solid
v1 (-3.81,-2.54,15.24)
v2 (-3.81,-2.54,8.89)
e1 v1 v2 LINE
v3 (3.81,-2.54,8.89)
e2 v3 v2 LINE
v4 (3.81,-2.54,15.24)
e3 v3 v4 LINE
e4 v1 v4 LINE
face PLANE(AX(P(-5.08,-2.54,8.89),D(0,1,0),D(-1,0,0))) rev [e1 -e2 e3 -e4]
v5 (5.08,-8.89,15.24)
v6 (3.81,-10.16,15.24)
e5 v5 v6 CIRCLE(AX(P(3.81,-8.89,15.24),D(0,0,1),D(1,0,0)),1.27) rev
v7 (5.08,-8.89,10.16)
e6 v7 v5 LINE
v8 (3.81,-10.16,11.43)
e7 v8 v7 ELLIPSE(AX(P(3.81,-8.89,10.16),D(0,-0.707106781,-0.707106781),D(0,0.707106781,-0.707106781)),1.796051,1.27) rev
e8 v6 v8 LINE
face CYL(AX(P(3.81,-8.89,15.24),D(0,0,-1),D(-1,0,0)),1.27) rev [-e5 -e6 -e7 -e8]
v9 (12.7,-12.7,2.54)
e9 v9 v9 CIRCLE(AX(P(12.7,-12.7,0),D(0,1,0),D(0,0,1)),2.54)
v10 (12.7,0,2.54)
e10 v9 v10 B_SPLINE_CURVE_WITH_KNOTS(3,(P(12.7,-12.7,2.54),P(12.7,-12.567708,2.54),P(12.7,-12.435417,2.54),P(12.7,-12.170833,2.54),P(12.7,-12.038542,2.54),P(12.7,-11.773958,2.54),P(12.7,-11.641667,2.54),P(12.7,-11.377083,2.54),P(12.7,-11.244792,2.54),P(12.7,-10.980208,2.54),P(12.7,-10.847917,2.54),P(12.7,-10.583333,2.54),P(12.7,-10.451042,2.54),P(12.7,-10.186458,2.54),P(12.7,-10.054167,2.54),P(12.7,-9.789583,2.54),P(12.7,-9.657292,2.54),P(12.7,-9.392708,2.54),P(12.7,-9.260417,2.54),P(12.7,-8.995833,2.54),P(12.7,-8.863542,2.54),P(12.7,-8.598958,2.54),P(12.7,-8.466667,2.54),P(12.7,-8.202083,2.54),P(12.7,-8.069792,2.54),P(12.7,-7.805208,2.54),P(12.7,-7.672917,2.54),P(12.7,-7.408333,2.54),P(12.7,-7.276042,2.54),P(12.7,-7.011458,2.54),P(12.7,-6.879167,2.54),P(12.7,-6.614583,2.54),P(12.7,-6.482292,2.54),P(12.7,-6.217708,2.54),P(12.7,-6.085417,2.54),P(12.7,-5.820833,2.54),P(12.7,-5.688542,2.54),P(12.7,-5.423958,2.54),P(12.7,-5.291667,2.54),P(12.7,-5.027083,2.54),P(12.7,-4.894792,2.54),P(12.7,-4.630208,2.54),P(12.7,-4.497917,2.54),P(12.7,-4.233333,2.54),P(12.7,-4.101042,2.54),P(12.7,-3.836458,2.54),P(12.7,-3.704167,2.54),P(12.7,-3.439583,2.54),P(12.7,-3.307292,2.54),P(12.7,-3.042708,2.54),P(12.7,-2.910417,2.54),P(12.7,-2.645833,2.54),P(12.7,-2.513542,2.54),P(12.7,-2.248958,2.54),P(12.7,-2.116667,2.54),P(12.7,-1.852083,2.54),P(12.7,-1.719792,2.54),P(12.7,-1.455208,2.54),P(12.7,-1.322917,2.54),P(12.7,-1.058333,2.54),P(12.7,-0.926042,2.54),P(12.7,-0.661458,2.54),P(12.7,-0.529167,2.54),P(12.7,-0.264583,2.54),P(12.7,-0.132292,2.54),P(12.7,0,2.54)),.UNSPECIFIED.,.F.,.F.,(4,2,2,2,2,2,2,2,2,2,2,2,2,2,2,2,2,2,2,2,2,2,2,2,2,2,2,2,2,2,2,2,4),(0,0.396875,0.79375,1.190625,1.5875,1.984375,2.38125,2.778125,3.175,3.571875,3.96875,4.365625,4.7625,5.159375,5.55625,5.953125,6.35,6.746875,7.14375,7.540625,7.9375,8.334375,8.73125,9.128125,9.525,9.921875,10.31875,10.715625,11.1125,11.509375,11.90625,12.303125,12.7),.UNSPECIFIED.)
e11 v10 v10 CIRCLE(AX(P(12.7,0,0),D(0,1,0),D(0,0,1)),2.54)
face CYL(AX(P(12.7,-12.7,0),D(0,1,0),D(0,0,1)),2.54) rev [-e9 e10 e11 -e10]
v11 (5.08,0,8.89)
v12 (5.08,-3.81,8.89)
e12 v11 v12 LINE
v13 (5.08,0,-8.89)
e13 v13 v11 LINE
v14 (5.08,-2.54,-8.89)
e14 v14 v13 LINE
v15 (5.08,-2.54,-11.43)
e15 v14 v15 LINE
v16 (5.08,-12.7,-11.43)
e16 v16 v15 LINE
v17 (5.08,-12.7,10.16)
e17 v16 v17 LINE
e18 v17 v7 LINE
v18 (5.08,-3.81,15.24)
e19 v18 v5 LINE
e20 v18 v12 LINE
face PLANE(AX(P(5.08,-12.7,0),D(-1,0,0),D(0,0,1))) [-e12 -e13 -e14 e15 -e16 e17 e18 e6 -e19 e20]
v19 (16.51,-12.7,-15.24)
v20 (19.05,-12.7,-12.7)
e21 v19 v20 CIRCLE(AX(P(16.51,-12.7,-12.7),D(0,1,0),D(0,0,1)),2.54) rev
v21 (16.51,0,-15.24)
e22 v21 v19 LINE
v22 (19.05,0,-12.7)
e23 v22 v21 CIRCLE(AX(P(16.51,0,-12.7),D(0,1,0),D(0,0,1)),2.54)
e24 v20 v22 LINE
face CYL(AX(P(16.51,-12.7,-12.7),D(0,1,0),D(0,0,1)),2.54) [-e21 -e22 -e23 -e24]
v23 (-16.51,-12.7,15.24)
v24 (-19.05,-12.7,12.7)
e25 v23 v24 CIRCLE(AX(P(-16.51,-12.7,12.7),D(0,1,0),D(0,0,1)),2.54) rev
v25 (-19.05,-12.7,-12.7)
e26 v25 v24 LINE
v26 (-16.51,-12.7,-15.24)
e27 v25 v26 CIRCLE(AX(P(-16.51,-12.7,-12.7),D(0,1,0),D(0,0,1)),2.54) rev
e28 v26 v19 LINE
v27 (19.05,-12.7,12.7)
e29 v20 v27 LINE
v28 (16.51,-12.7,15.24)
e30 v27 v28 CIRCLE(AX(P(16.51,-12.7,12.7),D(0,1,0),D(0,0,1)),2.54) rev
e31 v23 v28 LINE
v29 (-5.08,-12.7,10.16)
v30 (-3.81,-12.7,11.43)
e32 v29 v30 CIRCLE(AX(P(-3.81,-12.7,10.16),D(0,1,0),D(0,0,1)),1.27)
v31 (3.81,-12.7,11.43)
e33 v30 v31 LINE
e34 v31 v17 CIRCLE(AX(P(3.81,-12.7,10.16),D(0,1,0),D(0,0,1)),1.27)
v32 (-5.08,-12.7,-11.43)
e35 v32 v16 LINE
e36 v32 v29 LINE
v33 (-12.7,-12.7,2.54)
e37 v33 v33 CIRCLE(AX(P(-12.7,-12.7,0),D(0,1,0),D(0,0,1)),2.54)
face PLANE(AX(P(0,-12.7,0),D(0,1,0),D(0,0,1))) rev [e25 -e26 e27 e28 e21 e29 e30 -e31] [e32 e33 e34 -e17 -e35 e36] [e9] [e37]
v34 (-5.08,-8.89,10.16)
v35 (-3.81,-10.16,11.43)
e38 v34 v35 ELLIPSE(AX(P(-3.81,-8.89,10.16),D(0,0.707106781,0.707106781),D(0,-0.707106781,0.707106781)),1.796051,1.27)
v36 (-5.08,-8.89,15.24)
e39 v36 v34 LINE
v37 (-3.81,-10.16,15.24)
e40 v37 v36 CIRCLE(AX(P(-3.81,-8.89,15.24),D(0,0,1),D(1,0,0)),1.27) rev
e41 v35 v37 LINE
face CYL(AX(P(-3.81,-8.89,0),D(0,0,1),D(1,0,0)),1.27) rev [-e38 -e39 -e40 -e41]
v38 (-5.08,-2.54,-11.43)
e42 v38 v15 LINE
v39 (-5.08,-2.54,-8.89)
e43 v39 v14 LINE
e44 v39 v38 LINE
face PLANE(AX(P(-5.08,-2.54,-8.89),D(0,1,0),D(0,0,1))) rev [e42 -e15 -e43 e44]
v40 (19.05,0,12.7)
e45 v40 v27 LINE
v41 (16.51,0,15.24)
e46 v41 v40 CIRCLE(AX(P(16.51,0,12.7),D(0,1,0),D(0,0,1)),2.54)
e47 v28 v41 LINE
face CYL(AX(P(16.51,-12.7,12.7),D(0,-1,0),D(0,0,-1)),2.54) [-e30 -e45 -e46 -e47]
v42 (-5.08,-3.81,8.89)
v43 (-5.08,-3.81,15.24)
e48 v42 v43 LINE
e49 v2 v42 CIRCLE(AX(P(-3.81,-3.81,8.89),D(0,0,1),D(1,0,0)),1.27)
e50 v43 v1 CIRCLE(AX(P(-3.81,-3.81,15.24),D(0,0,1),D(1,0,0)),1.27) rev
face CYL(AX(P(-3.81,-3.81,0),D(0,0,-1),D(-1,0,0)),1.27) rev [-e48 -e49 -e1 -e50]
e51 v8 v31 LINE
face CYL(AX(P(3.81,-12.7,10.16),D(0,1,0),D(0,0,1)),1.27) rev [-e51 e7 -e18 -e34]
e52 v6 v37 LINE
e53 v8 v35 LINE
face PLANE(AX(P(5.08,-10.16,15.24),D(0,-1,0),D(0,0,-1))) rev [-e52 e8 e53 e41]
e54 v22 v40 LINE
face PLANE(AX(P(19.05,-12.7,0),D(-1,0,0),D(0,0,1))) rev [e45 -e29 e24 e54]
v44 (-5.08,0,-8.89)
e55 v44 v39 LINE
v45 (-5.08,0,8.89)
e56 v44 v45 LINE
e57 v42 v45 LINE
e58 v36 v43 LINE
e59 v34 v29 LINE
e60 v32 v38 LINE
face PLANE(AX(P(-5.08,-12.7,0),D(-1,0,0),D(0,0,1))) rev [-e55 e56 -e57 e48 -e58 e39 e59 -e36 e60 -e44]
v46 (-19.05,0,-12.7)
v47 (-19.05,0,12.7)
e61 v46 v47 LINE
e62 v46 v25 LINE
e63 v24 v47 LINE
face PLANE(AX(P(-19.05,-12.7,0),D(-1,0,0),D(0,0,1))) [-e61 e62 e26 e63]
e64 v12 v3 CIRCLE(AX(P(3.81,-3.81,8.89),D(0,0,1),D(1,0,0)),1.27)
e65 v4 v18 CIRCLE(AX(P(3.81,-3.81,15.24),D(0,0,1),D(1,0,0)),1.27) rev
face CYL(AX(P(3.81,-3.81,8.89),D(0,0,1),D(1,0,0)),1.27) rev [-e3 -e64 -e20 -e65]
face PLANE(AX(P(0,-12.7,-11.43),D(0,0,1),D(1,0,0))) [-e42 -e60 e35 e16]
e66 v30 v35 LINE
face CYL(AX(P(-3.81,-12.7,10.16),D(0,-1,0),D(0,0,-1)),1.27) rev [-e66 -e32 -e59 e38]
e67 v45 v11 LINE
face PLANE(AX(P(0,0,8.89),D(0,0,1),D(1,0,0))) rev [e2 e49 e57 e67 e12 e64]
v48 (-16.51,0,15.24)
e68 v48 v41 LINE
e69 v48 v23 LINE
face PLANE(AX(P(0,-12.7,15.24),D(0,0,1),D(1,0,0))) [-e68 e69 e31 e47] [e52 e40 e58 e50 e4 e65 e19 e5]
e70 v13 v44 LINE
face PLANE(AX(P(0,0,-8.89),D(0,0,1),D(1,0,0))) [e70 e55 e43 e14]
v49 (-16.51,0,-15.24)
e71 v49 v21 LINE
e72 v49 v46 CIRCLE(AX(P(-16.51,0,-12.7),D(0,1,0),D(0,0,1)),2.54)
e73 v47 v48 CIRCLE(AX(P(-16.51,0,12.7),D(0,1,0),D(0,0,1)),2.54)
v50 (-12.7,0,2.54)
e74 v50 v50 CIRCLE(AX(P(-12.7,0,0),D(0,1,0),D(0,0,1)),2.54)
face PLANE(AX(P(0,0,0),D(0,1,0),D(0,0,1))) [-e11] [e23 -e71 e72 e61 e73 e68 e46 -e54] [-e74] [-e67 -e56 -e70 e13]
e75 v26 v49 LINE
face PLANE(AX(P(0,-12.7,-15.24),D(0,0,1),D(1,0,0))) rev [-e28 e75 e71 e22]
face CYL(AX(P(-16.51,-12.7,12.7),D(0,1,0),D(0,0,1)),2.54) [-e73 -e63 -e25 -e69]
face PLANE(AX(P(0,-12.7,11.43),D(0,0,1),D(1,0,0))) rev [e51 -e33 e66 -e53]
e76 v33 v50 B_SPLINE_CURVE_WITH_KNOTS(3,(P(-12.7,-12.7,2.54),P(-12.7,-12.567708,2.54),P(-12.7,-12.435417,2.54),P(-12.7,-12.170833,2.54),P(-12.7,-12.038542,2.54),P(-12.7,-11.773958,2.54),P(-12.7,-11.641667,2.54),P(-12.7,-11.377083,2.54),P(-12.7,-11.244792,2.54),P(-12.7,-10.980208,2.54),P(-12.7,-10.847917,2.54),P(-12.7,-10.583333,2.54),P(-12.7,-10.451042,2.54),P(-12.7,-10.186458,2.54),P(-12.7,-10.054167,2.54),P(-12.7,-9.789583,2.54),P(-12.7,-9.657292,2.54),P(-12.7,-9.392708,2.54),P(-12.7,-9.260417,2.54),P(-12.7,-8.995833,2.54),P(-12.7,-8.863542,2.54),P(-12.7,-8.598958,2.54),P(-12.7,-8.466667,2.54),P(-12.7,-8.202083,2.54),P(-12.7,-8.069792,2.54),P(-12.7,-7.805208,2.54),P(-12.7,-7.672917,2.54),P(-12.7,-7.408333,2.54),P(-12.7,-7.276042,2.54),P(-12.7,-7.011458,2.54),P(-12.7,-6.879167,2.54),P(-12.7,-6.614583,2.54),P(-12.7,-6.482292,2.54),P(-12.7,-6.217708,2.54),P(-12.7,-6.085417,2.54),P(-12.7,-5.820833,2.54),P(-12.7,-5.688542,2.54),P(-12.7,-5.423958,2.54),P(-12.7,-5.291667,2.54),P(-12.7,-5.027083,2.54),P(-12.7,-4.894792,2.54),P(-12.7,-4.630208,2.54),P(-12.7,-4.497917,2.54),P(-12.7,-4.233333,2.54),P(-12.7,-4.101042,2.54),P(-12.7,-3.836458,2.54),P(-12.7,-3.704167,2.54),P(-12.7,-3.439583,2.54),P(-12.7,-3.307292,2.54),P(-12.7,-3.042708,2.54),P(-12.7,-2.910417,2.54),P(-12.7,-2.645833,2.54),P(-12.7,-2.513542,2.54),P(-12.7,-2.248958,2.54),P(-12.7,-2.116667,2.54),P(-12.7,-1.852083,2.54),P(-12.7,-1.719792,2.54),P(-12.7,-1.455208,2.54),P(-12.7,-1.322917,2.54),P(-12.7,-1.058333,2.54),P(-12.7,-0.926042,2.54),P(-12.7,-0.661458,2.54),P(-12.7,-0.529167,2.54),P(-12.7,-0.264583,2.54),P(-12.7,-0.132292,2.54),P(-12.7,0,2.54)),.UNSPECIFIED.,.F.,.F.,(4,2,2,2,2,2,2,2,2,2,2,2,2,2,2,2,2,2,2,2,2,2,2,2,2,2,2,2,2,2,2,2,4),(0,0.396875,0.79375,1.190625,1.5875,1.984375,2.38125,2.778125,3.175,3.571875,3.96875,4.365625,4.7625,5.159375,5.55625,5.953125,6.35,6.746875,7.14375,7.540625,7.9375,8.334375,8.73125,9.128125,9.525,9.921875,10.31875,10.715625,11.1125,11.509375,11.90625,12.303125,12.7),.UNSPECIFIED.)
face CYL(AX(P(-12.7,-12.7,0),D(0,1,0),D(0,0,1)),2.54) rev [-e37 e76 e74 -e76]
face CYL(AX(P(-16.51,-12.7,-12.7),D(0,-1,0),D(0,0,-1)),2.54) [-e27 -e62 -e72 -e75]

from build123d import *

# Parameters (mm, degrees)
SKETCH1_W           = 38.1
SKETCH1_H           = 30.48
SKETCH1_R           = 2.54
SKETCH1_W_2         = 10.16
SKETCH1_H_2         = 22.86
BOSS_EXTRUDE1_DEPTH = 12.7
SKETCH2_W           = 10.16
SKETCH2_H           = 2.54
BOSS_EXTRUDE2_DEPTH = 2.54
SKETCH3_W           = 10.16
SKETCH3_H           = 2.54
BOSS_EXTRUDE3_DEPTH = 2.54
FILLET1_R           = 2.54
SKETCH4_W           = 10.16
SKETCH4_H           = 7.62
CUT_EXTRUDE1_DEPTH  = 36.149415358
FILLET2_R           = 1.27


with BuildPart() as part:
    # Sketch1 → Boss-Extrude1 (new body)
    with BuildSketch(Plane(origin=(0, 0, 0), x_dir=(1, 0, 0), z_dir=(0, 1, 0))):
        Rectangle(SKETCH1_W, SKETCH1_H)
        with Locations(Location((12.7, 0, 0), (0, 0, 270))):
            Circle(SKETCH1_R, mode=Mode.SUBTRACT)
        with Locations(Location((-12.7, 0, 0), (0, 0, 270))):
            Circle(SKETCH1_R, mode=Mode.SUBTRACT)
        Rectangle(SKETCH1_W_2, SKETCH1_H_2, mode=Mode.SUBTRACT)
    extrude(amount=-BOSS_EXTRUDE1_DEPTH)

    # Sketch2 → Boss-Extrude2 (add)
    with BuildSketch(Plane.XY.offset(-11.43)):
        with Locations((0, -1.27)):
            Rectangle(SKETCH2_W, SKETCH2_H)
    extrude(amount=BOSS_EXTRUDE2_DEPTH)

    # Sketch3 → Boss-Extrude3 (add)
    with BuildSketch(Plane(origin=(0, 0, 11.43), x_dir=(-1, 0, 0), z_dir=(0, 0, -1))):
        with Locations((0, -1.27)):
            Rectangle(SKETCH3_W, SKETCH3_H)
    extrude(amount=BOSS_EXTRUDE3_DEPTH)

    # Fillet1
    fillet1_edges = [part.edges().sort_by_distance(p)[0] for p in [
        (19.05, -6.35, 15.24),
        (-19.05, -6.35, 15.24),
        (-19.05, -6.35, -15.24),
        (19.05, -6.35, -15.24),
    ]]
    fillet(fillet1_edges, radius=FILLET1_R)

    # Sketch4 → Cut-Extrude1 (cut, through all)
    with BuildSketch(Plane(origin=(0, 0, 11.43), x_dir=(-1, 0, 0), z_dir=(0, 0, -1))):
        with Locations((0, -6.35)):
            Rectangle(SKETCH4_W, SKETCH4_H)
    extrude(amount=-CUT_EXTRUDE1_DEPTH, mode=Mode.SUBTRACT)

    # Fillet2
    fillet2_edges = [part.edges().sort_by_distance(p)[0] for p in [
        (-5.08, -11.43, 11.43),
        (5.08, -11.43, 11.43),
        (-5.08, -2.54, 12.065),
        (5.08, -2.54, 12.065),
        (5.08, -10.16, 13.335),
        (-5.08, -10.16, 13.335),
    ]]
    fillet(fillet2_edges, radius=FILLET2_R)


solid = part.part
